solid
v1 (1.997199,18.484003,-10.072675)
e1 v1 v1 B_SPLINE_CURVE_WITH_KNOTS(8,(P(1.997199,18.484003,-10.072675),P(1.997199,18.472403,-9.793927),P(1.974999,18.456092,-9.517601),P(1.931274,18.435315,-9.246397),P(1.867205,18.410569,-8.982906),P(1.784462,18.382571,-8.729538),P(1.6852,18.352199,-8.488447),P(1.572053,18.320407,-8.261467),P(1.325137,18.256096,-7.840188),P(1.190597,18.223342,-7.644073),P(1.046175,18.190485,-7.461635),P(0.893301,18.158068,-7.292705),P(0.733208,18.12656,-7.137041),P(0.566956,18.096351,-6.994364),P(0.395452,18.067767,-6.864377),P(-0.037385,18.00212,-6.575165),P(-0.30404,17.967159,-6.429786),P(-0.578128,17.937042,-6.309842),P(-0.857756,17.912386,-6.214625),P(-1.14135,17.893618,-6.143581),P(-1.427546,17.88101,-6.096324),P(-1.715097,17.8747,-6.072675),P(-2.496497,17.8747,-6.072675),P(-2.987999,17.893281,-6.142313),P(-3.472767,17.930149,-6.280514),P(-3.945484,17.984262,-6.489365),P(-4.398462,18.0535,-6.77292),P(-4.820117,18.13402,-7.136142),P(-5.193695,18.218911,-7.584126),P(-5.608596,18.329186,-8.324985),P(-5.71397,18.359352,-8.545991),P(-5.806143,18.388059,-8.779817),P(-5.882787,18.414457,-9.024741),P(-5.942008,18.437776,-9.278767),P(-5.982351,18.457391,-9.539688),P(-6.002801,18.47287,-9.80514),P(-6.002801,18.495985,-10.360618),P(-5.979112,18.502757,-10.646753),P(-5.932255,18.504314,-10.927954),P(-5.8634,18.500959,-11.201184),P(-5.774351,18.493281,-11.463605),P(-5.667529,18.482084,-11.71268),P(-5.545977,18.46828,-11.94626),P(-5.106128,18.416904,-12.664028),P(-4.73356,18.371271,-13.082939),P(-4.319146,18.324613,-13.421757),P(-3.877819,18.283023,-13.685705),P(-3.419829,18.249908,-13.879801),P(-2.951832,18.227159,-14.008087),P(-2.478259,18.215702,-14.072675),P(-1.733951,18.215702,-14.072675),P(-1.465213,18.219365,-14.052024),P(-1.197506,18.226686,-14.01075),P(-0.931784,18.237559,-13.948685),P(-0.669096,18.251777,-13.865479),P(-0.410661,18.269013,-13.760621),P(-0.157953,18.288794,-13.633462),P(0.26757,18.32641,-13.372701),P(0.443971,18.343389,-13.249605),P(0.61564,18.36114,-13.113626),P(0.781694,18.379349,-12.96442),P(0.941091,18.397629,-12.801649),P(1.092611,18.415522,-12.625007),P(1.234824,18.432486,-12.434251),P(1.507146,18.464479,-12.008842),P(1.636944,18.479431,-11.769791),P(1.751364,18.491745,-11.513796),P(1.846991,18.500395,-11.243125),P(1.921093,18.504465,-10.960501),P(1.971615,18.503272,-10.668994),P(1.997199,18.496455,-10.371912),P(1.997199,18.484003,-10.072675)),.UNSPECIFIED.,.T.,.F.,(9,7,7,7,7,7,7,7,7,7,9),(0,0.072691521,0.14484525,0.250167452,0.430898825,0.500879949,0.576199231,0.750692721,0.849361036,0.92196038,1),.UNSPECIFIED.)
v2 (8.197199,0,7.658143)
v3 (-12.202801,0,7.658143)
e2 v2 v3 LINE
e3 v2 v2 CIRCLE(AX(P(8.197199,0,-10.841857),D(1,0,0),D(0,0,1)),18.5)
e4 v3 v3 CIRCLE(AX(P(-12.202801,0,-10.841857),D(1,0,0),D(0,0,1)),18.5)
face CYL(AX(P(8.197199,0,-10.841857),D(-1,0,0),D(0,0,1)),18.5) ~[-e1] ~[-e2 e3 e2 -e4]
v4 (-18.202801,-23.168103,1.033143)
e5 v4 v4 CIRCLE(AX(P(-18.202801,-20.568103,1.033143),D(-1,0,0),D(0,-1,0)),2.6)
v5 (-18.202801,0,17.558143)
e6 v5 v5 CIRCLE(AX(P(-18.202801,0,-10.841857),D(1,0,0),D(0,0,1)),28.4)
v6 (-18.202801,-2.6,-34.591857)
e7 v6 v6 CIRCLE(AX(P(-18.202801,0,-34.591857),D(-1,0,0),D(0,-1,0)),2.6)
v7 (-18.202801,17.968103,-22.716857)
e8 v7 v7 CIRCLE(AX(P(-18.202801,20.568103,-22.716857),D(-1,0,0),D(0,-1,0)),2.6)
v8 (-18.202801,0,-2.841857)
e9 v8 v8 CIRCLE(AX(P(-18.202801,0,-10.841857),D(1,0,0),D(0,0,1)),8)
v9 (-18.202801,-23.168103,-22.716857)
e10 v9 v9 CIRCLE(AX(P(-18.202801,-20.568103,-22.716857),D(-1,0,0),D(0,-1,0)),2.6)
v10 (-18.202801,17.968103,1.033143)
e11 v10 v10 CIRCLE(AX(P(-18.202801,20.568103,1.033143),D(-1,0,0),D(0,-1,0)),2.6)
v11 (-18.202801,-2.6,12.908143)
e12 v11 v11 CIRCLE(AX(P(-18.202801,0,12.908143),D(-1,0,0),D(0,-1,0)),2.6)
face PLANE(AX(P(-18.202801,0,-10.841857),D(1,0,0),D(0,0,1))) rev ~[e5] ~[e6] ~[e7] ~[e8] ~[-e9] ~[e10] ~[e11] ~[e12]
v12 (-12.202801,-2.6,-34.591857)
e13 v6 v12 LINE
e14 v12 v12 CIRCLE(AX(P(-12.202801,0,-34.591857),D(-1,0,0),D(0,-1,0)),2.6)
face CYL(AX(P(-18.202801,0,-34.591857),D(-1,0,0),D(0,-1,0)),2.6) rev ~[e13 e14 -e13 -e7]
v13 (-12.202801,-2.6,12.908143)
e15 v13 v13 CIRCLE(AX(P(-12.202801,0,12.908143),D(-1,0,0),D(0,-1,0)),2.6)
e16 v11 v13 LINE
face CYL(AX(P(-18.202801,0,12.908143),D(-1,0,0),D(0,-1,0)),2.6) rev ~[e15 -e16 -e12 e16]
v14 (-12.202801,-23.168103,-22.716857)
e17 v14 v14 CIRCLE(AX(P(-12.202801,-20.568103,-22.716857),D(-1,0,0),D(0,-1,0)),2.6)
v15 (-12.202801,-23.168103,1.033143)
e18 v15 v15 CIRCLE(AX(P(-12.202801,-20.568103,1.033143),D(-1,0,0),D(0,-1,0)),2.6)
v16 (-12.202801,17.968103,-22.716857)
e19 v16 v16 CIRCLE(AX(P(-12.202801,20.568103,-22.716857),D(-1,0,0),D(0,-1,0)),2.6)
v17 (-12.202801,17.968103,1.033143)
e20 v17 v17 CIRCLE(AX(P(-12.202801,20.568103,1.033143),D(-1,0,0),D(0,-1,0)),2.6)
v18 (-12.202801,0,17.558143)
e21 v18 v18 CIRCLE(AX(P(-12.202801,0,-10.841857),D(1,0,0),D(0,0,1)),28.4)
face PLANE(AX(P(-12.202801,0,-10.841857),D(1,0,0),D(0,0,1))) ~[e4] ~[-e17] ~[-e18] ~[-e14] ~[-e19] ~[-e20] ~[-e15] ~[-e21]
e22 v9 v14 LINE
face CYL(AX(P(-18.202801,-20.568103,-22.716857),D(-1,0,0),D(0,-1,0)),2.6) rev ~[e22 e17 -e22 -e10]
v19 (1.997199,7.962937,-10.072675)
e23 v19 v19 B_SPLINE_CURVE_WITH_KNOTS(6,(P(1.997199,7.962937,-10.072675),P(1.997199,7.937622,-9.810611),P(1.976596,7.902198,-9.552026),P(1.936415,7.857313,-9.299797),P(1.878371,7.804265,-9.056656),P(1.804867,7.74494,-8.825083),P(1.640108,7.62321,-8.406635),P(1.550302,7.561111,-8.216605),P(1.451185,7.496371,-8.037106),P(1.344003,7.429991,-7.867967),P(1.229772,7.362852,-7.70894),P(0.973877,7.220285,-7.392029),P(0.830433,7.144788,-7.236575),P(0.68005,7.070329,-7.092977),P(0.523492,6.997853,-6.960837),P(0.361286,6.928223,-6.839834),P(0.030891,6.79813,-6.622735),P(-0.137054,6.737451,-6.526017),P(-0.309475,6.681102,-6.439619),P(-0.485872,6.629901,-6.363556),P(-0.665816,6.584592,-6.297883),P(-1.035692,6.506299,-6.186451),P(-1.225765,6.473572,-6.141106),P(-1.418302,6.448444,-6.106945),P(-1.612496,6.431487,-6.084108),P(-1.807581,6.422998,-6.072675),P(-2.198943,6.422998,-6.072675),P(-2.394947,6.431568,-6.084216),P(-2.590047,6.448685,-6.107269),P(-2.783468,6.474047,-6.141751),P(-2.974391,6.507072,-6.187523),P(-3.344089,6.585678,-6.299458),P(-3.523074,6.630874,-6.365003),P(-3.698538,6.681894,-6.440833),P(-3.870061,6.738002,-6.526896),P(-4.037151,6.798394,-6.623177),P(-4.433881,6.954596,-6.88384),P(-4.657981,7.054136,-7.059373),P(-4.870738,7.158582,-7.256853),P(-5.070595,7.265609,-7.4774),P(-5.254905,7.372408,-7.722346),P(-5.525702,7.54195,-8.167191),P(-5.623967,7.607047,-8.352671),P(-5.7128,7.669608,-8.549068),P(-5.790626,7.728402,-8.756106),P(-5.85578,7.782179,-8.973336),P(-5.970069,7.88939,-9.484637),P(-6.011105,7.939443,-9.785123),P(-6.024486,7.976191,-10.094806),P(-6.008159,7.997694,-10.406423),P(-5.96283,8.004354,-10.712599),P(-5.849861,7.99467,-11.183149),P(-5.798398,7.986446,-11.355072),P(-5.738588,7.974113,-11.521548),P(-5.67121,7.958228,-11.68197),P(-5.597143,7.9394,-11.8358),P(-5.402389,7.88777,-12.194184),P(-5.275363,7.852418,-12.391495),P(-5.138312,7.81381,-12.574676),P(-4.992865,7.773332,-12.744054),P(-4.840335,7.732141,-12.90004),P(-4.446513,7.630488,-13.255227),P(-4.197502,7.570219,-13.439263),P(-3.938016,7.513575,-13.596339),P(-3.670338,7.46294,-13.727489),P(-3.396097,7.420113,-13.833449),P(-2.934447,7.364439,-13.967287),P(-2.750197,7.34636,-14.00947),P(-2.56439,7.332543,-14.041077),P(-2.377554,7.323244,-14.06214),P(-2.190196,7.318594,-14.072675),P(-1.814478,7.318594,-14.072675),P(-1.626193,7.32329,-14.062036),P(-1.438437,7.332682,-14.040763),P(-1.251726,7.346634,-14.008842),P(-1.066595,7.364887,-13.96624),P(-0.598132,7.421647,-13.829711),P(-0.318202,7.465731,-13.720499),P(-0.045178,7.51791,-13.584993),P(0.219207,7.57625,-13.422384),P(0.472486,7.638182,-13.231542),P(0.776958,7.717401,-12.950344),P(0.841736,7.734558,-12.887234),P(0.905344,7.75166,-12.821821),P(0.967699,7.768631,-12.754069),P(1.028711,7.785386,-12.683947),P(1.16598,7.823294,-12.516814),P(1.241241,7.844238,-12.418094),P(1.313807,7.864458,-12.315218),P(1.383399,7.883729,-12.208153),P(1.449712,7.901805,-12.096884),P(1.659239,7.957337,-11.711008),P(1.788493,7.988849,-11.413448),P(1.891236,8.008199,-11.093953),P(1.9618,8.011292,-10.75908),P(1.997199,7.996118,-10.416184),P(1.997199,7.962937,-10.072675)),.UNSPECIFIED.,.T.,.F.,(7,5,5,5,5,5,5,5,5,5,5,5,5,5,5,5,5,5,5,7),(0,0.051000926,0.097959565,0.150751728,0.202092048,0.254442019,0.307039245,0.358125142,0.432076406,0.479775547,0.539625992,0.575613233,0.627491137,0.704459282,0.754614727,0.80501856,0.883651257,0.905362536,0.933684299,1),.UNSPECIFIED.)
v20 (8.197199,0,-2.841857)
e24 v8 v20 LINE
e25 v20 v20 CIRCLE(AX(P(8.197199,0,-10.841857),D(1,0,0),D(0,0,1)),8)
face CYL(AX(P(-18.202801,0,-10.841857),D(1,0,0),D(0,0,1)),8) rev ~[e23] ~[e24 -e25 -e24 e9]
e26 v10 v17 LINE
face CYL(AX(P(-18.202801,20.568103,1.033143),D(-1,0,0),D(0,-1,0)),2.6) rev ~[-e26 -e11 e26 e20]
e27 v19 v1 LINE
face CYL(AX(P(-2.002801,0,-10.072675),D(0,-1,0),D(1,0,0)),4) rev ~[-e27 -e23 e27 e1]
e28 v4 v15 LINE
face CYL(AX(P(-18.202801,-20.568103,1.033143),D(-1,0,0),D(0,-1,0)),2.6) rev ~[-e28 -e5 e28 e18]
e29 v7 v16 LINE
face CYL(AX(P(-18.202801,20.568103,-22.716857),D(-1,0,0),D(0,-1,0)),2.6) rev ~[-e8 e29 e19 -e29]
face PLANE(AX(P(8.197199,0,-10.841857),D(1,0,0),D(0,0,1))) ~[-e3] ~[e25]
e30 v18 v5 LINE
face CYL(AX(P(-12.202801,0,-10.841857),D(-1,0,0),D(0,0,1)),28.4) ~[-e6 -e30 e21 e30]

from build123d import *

# Parameters (mm, degrees)
F2_R     = 2.6
F3_DEPTH = 25
F4_R     = 4
F5_DEPTH = 25


with BuildPart() as f1:
    # F0 (on Front) → F1 (revolve)
    with BuildSketch(Plane.XZ):
        Polygon((-18.202801, -2.841857), (8.197199, -2.841857), (8.197199, 7.658143), (-12.202801, 7.658143), (-12.202801, 17.558143), (-18.202801, 17.558143), align=None)
    revolve(axis=Axis((2.917131, 0, -10.841857), (1, 0, 0)))

    # F2 (on face) → F3 (cut)
    with BuildSketch(Plane(origin=(-18.202801, 0, 0), x_dir=(0, -1, 0), z_dir=(-1, 0, 0))):
        with Locations((0, 12.908143)):
            Circle(F2_R)
        with Locations((-20.568103, 1.033143)):
            Circle(F2_R)
        with Locations((-20.568103, -22.716857)):
            Circle(F2_R)
        with Locations((0, -34.591857)):
            Circle(F2_R)
        with Locations((20.568103, -22.716857)):
            Circle(F2_R)
        with Locations((20.568103, 1.033143)):
            Circle(F2_R)
    extrude(amount=-F3_DEPTH, mode=Mode.SUBTRACT)

    # F4 (on Front) → F5 (cut)
    with BuildSketch(Plane.XZ):
        with Locations((-2.002801, -10.072675)):
            Circle(F4_R)
    extrude(amount=-F5_DEPTH, mode=Mode.SUBTRACT)


solid = f1.part
